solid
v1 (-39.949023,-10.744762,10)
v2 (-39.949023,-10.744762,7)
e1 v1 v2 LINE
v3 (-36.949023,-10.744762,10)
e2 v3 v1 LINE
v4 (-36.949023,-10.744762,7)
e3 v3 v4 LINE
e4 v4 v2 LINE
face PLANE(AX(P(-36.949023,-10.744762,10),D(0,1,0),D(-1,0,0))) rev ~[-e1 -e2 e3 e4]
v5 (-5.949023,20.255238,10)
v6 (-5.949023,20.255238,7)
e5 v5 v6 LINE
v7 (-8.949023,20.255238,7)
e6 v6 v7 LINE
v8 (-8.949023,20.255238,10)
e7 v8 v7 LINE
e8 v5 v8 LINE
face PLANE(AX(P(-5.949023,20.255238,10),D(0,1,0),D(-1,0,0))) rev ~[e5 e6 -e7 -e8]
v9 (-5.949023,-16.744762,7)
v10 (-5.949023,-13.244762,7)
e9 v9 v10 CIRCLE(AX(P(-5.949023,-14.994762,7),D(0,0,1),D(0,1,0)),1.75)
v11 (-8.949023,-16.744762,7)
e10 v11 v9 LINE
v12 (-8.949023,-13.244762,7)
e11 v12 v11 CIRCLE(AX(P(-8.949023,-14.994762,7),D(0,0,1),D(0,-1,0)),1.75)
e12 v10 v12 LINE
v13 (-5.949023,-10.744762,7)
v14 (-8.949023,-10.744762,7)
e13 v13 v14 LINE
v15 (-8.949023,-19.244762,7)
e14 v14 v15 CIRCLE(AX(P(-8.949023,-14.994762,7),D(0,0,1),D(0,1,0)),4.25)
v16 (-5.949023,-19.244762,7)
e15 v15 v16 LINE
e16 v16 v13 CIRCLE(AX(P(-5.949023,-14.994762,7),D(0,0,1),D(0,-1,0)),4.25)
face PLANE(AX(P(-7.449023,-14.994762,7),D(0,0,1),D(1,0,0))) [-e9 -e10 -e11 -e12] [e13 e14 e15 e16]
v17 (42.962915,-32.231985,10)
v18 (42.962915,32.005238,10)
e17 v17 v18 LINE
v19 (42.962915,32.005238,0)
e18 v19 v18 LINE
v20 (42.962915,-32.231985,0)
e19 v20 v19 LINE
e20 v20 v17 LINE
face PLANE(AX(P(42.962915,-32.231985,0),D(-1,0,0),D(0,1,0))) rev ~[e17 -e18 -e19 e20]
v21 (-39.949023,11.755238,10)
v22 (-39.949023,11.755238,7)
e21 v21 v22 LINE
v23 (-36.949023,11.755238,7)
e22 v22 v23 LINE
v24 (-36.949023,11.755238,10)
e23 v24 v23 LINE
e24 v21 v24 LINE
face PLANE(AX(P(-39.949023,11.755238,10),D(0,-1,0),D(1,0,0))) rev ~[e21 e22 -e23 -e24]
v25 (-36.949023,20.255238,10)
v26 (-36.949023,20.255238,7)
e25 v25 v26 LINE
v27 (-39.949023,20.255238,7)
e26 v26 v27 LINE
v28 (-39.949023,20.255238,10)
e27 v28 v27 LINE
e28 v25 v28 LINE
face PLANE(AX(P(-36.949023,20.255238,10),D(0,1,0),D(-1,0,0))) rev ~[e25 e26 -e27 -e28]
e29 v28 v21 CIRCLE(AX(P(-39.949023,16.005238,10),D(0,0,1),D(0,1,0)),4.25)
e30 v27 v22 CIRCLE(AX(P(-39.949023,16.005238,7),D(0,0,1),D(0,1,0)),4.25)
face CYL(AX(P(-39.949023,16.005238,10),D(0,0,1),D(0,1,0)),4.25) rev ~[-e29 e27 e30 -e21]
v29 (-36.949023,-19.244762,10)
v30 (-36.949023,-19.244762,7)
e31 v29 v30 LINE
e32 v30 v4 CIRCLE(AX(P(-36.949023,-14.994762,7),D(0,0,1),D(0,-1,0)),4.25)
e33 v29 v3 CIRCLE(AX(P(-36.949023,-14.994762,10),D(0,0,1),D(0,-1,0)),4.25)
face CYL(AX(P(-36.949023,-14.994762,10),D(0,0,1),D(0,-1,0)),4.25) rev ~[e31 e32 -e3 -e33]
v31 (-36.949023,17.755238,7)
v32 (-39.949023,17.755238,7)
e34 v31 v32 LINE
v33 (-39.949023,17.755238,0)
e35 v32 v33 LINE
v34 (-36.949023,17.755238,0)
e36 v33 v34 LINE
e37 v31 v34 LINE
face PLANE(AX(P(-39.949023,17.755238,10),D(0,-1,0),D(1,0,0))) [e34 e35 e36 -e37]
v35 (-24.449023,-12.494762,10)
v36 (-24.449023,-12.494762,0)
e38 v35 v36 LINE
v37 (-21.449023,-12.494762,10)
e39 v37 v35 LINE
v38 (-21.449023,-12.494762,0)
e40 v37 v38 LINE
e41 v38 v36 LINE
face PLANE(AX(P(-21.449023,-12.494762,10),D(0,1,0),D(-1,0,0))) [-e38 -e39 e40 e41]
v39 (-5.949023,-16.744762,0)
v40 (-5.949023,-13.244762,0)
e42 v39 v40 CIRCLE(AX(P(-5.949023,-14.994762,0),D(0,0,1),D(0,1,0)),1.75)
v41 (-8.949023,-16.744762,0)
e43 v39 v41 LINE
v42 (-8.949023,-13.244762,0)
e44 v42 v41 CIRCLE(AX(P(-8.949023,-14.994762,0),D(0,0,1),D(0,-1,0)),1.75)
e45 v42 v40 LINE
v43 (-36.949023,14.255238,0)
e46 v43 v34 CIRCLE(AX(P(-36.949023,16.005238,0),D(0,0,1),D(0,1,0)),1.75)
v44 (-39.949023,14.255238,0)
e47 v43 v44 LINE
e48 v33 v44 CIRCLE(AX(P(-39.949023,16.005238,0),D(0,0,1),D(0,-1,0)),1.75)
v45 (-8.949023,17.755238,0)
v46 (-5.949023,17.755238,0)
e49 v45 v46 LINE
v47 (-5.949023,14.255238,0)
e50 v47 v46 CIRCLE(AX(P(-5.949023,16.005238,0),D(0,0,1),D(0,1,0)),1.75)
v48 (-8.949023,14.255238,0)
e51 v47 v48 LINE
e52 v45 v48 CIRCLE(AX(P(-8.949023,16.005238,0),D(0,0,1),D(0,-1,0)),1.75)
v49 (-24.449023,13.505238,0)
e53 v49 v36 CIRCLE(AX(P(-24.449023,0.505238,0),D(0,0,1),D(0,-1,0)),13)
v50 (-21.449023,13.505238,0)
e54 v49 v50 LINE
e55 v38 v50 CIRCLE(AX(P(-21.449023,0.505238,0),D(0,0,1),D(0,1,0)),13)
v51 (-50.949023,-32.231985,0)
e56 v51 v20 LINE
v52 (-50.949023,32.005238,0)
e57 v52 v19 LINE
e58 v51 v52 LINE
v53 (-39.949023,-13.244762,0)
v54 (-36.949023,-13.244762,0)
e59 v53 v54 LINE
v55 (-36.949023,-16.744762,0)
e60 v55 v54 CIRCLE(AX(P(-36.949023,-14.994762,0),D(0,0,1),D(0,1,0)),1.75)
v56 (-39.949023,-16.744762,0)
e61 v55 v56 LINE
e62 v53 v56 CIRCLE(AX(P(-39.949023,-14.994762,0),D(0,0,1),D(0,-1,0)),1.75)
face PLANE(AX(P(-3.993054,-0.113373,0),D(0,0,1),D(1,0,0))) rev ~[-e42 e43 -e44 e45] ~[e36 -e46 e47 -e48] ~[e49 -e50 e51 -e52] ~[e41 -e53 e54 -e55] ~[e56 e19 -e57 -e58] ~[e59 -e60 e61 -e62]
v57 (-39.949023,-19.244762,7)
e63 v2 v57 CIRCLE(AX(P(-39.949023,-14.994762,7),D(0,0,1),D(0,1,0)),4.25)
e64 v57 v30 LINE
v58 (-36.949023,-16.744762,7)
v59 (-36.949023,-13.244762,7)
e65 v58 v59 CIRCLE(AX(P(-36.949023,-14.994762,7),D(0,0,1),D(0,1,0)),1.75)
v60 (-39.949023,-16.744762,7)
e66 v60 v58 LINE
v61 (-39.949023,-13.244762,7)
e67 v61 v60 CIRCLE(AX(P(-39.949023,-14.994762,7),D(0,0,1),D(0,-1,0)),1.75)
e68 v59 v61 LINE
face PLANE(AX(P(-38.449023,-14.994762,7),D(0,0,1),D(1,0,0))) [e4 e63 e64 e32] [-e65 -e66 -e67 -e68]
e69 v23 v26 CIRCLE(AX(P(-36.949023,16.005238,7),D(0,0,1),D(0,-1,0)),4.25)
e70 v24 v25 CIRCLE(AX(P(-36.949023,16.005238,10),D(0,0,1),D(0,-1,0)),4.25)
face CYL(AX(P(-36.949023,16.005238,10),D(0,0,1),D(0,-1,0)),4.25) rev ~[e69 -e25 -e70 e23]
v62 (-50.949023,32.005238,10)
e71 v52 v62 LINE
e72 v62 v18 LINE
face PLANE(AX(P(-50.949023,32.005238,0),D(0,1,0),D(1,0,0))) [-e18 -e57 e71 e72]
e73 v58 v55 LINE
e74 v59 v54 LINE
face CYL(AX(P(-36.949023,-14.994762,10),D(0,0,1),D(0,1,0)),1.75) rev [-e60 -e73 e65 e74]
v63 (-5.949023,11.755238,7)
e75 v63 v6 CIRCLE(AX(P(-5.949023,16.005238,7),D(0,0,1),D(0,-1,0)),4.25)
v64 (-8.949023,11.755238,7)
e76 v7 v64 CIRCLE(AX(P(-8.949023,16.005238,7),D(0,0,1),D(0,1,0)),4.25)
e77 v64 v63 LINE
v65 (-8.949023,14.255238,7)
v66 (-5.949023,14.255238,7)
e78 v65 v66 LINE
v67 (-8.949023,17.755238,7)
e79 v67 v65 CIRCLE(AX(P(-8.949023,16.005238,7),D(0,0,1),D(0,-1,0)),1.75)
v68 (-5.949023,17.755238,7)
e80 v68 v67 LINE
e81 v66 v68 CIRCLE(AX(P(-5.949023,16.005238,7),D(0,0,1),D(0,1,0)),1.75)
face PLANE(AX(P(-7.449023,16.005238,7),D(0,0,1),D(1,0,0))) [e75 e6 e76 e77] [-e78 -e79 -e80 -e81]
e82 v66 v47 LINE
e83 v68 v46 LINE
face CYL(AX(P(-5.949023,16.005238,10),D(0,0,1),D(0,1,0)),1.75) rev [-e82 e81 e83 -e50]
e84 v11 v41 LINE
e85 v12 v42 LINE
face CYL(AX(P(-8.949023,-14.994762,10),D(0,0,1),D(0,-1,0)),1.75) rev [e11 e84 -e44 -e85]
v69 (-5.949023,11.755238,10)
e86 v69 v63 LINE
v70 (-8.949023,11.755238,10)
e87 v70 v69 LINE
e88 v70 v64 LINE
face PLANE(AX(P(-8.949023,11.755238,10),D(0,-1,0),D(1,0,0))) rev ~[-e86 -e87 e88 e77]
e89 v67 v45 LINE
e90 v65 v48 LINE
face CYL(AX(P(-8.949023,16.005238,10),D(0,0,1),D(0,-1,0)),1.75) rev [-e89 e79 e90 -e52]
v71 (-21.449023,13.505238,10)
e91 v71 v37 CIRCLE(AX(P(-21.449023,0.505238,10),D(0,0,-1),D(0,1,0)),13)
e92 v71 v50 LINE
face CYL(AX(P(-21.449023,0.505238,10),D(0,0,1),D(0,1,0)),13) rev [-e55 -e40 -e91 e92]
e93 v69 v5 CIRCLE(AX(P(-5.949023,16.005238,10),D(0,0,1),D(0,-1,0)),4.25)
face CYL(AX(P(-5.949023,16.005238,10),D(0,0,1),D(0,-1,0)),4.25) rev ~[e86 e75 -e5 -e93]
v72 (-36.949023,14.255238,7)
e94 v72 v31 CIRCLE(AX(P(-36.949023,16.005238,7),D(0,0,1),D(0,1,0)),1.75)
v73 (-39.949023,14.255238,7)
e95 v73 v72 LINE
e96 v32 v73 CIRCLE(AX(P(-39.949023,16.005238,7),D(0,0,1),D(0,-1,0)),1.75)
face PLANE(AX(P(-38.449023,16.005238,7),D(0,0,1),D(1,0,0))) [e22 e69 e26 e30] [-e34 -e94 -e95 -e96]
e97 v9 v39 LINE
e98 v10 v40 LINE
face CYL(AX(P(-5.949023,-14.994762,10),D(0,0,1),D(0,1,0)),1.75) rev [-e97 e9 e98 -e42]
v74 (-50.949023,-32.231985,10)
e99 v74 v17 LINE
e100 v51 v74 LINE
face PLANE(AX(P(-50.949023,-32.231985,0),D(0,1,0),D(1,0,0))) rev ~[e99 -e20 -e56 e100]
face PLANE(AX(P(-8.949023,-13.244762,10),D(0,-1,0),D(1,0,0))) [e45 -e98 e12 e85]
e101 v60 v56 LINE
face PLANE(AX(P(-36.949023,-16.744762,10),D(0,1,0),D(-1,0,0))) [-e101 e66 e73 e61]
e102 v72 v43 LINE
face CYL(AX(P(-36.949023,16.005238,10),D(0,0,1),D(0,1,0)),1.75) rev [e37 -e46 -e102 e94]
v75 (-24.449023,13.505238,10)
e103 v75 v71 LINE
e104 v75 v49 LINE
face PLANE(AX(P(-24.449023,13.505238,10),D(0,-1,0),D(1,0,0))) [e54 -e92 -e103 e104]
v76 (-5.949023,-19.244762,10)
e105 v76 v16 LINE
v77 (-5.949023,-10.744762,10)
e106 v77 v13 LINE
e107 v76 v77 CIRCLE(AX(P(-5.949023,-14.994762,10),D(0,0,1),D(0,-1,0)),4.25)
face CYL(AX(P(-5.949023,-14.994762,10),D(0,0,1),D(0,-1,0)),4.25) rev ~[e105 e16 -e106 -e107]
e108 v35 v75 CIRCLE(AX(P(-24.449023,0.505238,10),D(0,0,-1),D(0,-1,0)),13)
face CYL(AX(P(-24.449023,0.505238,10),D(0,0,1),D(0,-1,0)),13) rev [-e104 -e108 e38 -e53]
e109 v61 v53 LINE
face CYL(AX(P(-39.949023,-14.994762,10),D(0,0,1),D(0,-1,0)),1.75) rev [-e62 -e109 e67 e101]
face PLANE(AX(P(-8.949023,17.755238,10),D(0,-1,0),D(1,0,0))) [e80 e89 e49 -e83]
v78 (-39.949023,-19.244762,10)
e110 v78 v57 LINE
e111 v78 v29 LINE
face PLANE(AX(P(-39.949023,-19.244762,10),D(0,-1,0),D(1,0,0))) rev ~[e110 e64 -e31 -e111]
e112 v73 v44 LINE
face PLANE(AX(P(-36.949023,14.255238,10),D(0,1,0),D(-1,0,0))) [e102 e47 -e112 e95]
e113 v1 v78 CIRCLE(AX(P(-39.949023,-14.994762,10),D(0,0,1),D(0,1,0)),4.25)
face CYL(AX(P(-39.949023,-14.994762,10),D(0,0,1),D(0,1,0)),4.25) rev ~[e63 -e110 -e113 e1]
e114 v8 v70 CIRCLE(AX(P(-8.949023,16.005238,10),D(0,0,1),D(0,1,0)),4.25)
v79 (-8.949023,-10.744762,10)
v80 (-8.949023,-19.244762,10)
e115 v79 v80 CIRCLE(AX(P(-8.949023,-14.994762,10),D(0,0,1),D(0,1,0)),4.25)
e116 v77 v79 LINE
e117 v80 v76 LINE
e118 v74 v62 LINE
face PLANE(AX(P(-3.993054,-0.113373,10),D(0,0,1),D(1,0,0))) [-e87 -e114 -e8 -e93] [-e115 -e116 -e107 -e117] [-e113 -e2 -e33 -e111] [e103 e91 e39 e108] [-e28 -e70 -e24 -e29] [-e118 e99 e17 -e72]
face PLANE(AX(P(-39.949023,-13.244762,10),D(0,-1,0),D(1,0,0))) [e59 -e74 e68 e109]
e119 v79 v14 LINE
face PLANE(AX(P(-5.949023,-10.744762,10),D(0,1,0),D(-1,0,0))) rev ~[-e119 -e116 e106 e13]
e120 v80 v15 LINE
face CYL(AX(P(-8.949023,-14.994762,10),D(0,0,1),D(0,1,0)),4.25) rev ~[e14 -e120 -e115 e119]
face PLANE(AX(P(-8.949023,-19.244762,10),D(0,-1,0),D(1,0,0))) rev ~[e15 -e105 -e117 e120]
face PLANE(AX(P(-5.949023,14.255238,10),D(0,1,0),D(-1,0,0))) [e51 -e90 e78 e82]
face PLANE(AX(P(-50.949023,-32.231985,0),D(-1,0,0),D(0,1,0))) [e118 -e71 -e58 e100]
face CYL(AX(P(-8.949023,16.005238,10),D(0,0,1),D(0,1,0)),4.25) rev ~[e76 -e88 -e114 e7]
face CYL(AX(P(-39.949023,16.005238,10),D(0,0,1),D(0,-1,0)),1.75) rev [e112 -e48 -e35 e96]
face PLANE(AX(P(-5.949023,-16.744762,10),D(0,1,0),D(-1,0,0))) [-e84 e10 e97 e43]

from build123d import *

# Parameters (mm, degrees)
SKETCH1_W           = 93.911938319
SKETCH1_H           = 64.237222829
BOSS_EXTRUDE1_DEPTH = 10
CUT_EXTRUDE1_DEPTH  = 20
CUT_EXTRUDE2_DEPTH  = 3


with BuildPart() as part:
    # Sketch1 → Boss-Extrude1 (new body)
    with BuildSketch(Plane.XY):
        with Locations((-3.99305407, -0.113373268)):
            Rectangle(SKETCH1_W, SKETCH1_H)
    extrude(amount=BOSS_EXTRUDE1_DEPTH)

    # Sketch2 → Cut-Extrude1 (cut)
    with BuildSketch(Plane.XY.offset(10)):
        with BuildLine():
            Line((-39.949023229, 17.755238146), (-36.949023229, 17.755238146))
            ThreePointArc((-36.949023229, 17.755238146), (-35.199023229, 16.005238146), (-36.949023229, 14.255238146))
            Line((-36.949023229, 14.255238146), (-39.949023229, 14.255238146))
            ThreePointArc((-39.949023229, 14.255238146), (-41.699023229, 16.005238146), (-39.949023229, 17.755238146))
        make_face()
        with BuildLine():
            Line((-8.949023229, 17.755238146), (-5.949023229, 17.755238146))
            ThreePointArc((-5.949023229, 17.755238146), (-4.199023229, 16.005238146), (-5.949023229, 14.255238146))
            Line((-5.949023229, 14.255238146), (-8.949023229, 14.255238146))
            ThreePointArc((-8.949023229, 14.255238146), (-10.699023229, 16.005238146), (-8.949023229, 17.755238146))
        make_face()
        with BuildLine():
            Line((-8.949023229, -13.244761854), (-5.949023229, -13.244761854))
            ThreePointArc((-5.949023229, -13.244761854), (-4.199023229, -14.994761854), (-5.949023229, -16.744761854))
            Line((-5.949023229, -16.744761854), (-8.949023229, -16.744761854))
            ThreePointArc((-8.949023229, -16.744761854), (-10.699023229, -14.994761854), (-8.949023229, -13.244761854))
        make_face()
        with BuildLine():
            Line((-39.949023229, -13.244761854), (-36.949023229, -13.244761854))
            ThreePointArc((-36.949023229, -13.244761854), (-35.199023229, -14.994761854), (-36.949023229, -16.744761854))
            Line((-36.949023229, -16.744761854), (-39.949023229, -16.744761854))
            ThreePointArc((-39.949023229, -16.744761854), (-41.699023229, -14.994761854), (-39.949023229, -13.244761854))
        make_face()
        with BuildLine():
            Line((-24.449023229, 13.505238146), (-21.449023229, 13.505238146))
            ThreePointArc((-21.449023229, 13.505238146), (-8.449023229, 0.505238146), (-21.449023229, -12.494761854))
            Line((-21.449023229, -12.494761854), (-24.449023229, -12.494761854))
            ThreePointArc((-24.449023229, -12.494761854), (-37.449023229, 0.505238146), (-24.449023229, 13.505238146))
        make_face()
    extrude(amount=-CUT_EXTRUDE1_DEPTH, mode=Mode.SUBTRACT)

    # Sketch3 → Cut-Extrude2 (cut)
    with BuildSketch(Plane.XY.offset(10)):
        with BuildLine():
            Line((-36.949023229, 20.255238146), (-39.949023229, 20.255238146))
            ThreePointArc((-39.949023229, 20.255238146), (-44.199023229, 16.005238146), (-39.949023229, 11.755238146))
            Line((-39.949023229, 11.755238146), (-36.949023229, 11.755238146))
            ThreePointArc((-36.949023229, 11.755238146), (-32.699023229, 16.005238146), (-36.949023229, 20.255238146))
        make_face()
        with BuildLine():
            Line((-5.949023229, 20.255238146), (-8.949023229, 20.255238146))
            ThreePointArc((-8.949023229, 20.255238146), (-13.199023229, 16.005238146), (-8.949023229, 11.755238146))
            Line((-8.949023229, 11.755238146), (-5.949023229, 11.755238146))
            ThreePointArc((-5.949023229, 11.755238146), (-1.699023229, 16.005238146), (-5.949023229, 20.255238146))
        make_face()
        with BuildLine():
            Line((-5.949023229, -10.744761854), (-8.949023229, -10.744761854))
            ThreePointArc((-8.949023229, -10.744761854), (-13.199023229, -14.994761854), (-8.949023229, -19.244761854))
            Line((-8.949023229, -19.244761854), (-5.949023229, -19.244761854))
            ThreePointArc((-5.949023229, -19.244761854), (-1.699023229, -14.994761854), (-5.949023229, -10.744761854))
        make_face()
        with BuildLine():
            Line((-39.949023229, -19.244761854), (-36.949023229, -19.244761854))
            ThreePointArc((-36.949023229, -19.244761854), (-32.699023229, -14.994761854), (-36.949023229, -10.744761854))
            Line((-36.949023229, -10.744761854), (-39.949023229, -10.744761854))
            ThreePointArc((-39.949023229, -10.744761854), (-44.199023229, -14.994761854), (-39.949023229, -19.244761854))
        make_face()
    extrude(amount=-CUT_EXTRUDE2_DEPTH, mode=Mode.SUBTRACT)


solid = part.part
